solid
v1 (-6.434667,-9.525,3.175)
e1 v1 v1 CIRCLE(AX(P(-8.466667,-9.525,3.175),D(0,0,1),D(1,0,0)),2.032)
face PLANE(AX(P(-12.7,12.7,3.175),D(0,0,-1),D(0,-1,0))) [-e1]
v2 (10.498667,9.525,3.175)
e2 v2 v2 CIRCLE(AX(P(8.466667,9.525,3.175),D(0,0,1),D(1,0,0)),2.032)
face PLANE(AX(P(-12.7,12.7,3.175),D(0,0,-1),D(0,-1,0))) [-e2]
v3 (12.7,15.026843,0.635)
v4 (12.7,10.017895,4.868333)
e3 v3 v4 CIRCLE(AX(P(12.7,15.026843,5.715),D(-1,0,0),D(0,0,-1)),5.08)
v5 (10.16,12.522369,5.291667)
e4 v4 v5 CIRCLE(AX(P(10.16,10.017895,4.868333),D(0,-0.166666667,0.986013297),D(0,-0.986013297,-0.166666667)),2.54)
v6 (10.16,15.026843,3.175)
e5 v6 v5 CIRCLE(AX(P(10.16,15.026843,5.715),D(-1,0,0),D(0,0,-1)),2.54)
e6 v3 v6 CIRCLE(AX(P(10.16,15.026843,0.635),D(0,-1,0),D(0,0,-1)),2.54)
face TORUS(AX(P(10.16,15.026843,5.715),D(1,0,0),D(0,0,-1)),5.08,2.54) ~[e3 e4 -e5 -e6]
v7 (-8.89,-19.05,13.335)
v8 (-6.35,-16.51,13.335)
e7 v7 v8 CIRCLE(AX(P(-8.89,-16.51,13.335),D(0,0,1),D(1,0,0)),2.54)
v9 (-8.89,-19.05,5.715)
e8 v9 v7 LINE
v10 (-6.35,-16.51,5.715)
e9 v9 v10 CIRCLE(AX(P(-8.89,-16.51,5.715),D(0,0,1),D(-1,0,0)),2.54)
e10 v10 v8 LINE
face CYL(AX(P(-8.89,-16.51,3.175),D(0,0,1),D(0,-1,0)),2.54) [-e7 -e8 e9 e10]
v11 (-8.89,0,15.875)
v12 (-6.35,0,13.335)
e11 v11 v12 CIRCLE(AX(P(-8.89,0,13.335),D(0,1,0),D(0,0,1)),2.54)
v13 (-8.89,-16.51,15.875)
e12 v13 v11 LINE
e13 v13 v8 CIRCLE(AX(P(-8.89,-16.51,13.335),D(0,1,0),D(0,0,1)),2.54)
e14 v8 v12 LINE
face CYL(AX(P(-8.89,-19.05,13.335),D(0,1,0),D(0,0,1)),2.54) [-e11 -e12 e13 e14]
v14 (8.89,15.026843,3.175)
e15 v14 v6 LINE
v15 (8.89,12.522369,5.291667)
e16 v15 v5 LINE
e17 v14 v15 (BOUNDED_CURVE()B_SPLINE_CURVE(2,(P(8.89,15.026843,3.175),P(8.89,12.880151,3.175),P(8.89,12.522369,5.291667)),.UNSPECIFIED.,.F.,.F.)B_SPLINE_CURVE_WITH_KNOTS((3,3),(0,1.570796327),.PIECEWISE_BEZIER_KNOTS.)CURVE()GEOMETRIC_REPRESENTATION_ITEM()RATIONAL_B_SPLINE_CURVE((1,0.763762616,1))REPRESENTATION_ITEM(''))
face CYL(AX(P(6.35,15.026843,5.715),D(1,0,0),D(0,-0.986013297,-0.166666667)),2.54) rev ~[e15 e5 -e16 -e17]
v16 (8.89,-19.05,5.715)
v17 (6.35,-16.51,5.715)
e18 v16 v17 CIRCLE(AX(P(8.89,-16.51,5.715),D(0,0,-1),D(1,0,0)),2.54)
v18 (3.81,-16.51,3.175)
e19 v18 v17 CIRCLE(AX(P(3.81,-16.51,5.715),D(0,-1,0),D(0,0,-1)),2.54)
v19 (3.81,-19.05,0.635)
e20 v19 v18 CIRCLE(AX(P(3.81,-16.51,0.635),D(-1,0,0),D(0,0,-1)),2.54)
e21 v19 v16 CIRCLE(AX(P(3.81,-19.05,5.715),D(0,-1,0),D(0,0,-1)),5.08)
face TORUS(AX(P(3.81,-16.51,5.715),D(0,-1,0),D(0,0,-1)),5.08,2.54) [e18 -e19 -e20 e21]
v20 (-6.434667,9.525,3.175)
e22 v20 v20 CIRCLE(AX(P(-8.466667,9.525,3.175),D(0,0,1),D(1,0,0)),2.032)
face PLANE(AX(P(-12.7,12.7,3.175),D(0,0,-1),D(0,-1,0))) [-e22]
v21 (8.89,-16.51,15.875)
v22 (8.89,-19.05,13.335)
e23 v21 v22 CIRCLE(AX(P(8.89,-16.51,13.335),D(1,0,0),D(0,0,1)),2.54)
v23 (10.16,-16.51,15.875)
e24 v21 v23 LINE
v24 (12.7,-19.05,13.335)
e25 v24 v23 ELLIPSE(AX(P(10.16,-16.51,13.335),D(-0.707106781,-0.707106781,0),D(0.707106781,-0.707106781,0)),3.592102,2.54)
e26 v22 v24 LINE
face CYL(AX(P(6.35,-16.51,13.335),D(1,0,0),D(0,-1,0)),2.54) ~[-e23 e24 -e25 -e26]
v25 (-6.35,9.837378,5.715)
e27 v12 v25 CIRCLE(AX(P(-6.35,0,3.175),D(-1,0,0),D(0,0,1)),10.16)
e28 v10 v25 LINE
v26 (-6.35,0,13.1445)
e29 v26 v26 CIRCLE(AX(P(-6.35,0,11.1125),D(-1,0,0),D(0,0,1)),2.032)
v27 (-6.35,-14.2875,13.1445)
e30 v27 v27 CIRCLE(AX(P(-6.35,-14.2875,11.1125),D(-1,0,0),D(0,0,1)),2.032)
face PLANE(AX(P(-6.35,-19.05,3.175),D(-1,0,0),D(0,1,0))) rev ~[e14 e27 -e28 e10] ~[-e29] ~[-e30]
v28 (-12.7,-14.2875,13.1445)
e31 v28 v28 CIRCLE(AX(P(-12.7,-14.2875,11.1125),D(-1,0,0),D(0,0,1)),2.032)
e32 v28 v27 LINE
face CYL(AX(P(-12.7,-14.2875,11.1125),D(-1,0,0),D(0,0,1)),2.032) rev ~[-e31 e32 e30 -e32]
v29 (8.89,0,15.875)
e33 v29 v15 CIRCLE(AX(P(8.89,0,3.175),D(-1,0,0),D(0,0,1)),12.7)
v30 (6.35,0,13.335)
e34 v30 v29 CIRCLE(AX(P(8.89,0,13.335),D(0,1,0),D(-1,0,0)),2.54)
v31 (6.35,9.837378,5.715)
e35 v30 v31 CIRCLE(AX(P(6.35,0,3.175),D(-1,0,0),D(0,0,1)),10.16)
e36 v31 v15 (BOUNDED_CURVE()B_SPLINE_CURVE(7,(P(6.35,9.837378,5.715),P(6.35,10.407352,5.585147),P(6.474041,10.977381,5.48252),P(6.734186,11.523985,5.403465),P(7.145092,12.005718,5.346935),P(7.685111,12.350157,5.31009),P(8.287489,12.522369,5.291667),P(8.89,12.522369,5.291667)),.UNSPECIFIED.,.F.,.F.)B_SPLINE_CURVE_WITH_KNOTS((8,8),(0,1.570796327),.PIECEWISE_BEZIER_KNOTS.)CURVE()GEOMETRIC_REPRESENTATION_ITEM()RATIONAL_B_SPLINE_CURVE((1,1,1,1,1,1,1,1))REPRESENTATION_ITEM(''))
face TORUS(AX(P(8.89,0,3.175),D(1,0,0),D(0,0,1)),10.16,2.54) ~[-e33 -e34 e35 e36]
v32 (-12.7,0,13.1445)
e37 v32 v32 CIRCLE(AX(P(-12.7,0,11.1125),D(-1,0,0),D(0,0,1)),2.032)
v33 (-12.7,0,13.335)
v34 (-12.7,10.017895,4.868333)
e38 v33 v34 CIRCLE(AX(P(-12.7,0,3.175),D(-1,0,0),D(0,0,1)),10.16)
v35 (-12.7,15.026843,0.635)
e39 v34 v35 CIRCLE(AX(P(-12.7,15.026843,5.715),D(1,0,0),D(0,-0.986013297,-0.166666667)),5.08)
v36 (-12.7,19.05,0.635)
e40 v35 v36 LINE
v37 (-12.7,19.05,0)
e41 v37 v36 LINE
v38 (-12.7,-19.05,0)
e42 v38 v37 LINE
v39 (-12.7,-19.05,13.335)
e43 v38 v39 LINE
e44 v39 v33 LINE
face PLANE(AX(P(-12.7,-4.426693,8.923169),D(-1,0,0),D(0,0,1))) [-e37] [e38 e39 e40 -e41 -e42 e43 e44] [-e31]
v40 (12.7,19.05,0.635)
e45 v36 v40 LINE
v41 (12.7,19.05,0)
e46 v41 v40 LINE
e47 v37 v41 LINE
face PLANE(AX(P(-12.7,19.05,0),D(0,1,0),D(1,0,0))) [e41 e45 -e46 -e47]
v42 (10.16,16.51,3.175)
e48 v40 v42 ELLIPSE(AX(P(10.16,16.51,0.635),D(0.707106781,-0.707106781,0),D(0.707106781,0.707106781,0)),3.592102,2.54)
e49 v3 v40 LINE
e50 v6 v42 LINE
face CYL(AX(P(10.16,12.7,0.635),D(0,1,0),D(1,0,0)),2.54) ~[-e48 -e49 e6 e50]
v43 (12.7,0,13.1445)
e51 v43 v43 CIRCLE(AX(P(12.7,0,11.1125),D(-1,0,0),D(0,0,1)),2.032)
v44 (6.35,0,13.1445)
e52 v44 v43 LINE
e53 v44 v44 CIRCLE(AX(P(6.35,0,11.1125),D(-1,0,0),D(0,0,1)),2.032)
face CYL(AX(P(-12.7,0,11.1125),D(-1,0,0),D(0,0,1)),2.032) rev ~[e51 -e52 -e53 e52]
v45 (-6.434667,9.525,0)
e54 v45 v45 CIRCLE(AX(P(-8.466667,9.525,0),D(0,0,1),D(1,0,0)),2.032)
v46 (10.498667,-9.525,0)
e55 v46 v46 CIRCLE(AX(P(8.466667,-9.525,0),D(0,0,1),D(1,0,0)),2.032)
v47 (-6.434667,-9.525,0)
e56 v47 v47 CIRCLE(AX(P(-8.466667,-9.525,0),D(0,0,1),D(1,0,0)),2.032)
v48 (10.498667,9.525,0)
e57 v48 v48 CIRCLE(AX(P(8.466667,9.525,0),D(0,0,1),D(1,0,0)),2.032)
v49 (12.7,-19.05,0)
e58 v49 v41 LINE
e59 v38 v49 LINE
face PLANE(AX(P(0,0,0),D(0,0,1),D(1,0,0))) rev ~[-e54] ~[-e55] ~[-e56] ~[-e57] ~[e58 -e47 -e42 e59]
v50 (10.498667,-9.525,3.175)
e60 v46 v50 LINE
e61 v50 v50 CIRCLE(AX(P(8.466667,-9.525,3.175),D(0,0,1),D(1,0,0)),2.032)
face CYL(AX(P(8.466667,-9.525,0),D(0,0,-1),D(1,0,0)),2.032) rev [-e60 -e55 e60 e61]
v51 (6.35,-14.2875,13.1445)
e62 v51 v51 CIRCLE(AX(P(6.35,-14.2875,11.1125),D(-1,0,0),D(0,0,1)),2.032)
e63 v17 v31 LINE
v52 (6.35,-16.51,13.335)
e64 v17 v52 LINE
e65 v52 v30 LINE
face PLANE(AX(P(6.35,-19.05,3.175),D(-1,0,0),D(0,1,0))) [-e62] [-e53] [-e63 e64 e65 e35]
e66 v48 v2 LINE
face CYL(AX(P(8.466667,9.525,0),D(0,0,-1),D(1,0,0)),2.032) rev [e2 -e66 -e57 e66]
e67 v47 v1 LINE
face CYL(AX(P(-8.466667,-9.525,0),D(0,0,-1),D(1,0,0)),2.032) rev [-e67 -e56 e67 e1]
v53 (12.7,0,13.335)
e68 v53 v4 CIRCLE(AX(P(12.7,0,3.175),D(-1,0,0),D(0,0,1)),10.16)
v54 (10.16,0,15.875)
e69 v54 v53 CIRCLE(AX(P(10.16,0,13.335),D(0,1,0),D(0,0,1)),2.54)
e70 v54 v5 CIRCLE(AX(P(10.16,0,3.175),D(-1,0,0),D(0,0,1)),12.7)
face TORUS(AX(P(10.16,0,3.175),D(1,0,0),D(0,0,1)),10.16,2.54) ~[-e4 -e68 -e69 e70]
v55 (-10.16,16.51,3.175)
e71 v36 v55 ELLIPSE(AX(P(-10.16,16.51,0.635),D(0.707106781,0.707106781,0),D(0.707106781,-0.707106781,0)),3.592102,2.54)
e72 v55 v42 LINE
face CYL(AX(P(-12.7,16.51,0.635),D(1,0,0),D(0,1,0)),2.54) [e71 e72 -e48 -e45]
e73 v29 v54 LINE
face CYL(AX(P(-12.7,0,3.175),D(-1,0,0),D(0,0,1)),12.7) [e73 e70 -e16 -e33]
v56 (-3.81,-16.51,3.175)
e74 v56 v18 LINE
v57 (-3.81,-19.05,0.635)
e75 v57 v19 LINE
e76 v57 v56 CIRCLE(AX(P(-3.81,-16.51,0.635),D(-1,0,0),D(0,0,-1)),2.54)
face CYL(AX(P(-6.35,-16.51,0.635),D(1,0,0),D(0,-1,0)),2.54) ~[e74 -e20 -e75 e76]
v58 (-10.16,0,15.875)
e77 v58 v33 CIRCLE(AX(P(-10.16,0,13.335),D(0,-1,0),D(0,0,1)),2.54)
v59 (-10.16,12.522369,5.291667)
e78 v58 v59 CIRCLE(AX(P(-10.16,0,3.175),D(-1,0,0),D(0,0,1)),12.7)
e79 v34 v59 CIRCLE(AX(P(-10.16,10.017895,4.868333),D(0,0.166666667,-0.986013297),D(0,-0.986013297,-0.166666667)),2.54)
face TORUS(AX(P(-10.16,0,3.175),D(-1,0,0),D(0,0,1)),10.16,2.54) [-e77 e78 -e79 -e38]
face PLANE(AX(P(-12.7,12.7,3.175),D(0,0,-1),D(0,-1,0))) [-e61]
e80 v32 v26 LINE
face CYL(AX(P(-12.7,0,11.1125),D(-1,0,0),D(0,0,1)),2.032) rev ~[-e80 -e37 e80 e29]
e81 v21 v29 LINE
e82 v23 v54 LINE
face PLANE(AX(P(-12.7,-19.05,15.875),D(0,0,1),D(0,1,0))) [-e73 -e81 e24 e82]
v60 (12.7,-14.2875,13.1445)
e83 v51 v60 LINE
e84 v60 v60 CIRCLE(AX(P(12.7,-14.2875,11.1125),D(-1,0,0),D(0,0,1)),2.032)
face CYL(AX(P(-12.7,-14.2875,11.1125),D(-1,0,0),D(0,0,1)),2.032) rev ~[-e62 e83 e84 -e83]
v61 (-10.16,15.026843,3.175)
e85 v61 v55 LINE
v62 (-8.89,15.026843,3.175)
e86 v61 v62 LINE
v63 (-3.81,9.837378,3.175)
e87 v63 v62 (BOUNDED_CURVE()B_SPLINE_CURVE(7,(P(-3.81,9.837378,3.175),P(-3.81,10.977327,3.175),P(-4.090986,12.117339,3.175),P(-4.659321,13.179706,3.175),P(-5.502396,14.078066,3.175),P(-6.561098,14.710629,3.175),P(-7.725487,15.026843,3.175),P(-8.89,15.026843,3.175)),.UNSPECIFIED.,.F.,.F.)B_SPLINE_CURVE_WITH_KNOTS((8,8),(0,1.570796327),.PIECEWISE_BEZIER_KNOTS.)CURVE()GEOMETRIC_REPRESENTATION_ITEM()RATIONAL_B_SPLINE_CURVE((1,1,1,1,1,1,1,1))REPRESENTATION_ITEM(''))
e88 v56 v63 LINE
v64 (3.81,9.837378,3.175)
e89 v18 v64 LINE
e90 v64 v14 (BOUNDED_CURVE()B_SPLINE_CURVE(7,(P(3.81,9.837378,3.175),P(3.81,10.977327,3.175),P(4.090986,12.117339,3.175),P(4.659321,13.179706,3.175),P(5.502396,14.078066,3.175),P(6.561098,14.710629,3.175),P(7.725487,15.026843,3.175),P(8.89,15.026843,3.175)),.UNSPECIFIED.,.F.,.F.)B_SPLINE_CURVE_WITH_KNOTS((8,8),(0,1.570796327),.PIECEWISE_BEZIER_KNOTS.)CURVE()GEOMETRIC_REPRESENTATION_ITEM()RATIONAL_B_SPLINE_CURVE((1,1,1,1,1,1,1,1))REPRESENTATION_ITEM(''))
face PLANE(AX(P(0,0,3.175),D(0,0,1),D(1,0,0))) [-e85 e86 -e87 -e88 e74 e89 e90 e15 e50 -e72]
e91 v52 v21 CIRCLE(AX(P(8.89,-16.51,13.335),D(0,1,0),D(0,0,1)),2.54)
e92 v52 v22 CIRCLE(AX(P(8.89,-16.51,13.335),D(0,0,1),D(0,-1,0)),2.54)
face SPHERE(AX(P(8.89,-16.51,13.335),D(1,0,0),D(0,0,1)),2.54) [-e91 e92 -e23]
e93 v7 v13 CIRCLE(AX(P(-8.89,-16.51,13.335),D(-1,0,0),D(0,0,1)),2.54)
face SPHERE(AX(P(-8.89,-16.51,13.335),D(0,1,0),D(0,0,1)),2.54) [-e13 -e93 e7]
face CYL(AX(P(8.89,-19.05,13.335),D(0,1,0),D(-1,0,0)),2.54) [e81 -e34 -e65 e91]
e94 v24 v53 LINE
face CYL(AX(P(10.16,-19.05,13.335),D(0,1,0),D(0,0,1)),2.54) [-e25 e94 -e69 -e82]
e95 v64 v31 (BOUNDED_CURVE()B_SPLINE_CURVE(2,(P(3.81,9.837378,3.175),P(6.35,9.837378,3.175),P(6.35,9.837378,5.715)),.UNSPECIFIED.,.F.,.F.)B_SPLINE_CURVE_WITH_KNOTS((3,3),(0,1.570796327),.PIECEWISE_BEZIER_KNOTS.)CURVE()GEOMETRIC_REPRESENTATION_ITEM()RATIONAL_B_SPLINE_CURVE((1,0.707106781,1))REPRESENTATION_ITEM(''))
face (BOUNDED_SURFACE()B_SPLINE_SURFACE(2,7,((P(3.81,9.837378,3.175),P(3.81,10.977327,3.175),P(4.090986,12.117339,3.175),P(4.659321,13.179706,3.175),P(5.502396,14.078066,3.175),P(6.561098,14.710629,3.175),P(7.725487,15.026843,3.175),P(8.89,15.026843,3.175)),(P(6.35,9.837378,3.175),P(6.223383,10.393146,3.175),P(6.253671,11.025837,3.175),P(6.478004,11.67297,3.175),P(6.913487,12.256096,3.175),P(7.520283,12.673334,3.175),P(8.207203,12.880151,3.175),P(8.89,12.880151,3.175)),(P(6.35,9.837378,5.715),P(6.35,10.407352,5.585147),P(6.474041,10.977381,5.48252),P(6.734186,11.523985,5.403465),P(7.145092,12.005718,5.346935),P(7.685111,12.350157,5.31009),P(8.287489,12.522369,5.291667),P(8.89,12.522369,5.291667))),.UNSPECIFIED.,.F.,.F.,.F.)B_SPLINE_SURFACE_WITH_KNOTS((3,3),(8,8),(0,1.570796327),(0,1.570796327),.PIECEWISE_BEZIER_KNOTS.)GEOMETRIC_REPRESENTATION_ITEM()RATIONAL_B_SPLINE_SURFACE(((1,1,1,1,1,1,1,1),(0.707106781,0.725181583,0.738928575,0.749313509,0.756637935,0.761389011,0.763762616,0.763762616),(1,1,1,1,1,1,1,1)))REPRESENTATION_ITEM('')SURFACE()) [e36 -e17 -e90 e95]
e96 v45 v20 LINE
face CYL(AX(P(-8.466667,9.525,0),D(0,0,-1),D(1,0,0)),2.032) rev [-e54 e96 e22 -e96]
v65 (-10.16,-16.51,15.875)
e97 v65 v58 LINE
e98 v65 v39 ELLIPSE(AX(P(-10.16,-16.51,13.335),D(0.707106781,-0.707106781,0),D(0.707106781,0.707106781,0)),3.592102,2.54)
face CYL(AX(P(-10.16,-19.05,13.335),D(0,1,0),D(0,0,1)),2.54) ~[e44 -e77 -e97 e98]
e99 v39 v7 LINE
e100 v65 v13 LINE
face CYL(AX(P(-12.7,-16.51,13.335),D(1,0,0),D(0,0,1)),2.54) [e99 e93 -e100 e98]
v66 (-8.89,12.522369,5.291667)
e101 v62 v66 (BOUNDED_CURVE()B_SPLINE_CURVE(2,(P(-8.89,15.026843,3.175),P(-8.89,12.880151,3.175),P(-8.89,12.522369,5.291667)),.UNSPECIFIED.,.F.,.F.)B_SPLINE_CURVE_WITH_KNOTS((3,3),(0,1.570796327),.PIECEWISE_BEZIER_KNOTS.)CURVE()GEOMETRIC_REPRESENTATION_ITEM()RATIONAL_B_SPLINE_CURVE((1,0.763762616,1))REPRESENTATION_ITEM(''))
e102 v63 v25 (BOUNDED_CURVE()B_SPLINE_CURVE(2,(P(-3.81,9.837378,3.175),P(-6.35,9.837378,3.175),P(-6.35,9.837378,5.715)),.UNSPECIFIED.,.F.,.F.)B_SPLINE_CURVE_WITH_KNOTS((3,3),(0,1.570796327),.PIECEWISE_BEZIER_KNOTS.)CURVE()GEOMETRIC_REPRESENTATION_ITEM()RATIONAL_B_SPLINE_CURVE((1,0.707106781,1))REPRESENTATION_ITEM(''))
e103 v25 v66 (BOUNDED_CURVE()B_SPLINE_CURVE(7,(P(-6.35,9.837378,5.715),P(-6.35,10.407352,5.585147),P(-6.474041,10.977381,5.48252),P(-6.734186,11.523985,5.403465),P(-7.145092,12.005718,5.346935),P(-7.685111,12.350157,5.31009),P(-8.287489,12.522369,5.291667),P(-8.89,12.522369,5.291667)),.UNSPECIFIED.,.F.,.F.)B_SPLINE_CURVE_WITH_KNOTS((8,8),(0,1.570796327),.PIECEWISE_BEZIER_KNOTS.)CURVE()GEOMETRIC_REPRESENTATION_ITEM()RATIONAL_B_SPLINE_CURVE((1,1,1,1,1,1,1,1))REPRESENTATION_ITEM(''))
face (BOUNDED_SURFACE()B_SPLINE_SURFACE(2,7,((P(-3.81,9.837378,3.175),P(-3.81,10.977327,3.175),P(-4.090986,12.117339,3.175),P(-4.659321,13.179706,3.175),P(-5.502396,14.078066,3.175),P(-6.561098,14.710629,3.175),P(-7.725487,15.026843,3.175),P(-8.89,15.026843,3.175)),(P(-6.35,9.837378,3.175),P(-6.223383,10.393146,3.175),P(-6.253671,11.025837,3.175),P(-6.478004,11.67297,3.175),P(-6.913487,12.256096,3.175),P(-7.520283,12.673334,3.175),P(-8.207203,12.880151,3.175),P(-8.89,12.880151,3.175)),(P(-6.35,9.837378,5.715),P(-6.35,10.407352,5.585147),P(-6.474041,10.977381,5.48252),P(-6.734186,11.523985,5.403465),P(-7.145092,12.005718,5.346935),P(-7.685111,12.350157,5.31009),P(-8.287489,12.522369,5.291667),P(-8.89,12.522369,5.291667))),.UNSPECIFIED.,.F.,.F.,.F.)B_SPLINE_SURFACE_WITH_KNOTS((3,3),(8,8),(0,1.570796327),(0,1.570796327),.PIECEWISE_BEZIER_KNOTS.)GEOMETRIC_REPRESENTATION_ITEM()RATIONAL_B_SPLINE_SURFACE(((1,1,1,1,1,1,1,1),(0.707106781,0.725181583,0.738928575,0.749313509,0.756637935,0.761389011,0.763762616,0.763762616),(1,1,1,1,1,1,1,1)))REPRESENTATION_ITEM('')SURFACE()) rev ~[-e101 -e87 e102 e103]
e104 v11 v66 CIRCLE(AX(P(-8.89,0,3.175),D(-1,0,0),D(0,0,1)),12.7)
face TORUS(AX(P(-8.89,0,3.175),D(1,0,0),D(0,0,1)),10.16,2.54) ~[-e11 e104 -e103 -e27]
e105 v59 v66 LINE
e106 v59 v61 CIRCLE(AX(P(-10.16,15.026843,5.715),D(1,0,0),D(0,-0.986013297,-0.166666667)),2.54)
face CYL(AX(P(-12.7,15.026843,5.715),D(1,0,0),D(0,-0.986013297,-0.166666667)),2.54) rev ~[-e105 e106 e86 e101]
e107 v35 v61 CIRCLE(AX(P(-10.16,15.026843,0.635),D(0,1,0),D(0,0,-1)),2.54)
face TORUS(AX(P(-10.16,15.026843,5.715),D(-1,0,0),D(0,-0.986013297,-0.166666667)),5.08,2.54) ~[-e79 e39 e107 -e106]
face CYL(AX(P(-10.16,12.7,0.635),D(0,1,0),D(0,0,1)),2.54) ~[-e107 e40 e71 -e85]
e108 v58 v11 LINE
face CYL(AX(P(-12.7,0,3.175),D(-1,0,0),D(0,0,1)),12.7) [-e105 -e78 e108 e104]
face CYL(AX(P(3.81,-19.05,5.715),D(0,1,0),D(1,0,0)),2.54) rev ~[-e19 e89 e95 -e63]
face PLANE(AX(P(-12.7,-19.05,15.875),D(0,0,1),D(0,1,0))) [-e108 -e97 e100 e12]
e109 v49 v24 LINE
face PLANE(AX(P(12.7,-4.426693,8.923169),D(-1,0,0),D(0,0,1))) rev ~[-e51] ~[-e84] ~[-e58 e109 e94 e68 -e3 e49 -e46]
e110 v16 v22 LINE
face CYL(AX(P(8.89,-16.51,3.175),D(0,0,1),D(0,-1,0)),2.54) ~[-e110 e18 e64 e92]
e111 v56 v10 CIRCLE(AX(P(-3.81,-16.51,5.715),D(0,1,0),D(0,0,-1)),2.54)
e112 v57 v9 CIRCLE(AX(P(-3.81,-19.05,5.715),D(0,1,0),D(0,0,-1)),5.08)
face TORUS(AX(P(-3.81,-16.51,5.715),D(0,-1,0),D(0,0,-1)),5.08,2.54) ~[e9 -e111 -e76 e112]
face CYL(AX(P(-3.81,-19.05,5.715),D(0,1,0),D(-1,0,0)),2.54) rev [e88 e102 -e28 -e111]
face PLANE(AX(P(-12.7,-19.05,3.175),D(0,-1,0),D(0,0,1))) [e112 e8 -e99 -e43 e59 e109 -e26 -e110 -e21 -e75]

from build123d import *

# Parameters (mm, degrees)
SKETCH1_W           = 25.4
SKETCH1_H           = 38.1
SKETCH1_R           = 2.032
BOSS_EXTRUDE1_DEPTH = 3.175
SKETCH2_R           = 2.032
BOSS_EXTRUDE2_DEPTH = 25.4
SKETCH3_W           = 12.7
SKETCH3_H           = 31.75
SKETCH3_W_2         = 3.175
CUT_EXTRUDE1_DEPTH  = 27.181720723
FILLET1_R           = 2.54


with BuildPart() as part:
    # Sketch1 → Boss-Extrude1 (new body)
    with BuildSketch(Plane.XY):
        Rectangle(SKETCH1_W, SKETCH1_H)
        with Locations((-8.466666667, 9.525)):
            Circle(SKETCH1_R, mode=Mode.SUBTRACT)
        with Locations((8.466666667, 9.525)):
            Circle(SKETCH1_R, mode=Mode.SUBTRACT)
        with Locations((-8.466666667, -9.525)):
            Circle(SKETCH1_R, mode=Mode.SUBTRACT)
        with Locations((8.466666667, -9.525)):
            Circle(SKETCH1_R, mode=Mode.SUBTRACT)
    extrude(amount=BOSS_EXTRUDE1_DEPTH)

    # Sketch2 → Boss-Extrude2 (add)
    with BuildSketch(Plane.ZY.offset(12.7)):
        with BuildLine():
            ThreePointArc((15.875, 0), (12.155256121, 8.980256121), (3.175, 12.7))
            Line((3.175, 12.7), (3.175, -19.05))
            Line((3.175, -19.05), (15.875, -19.05))
            Line((15.875, -19.05), (15.875, 0))
        make_face()
        with Locations((11.1125, 0)):
            Circle(SKETCH2_R, mode=Mode.SUBTRACT)
        with Locations((11.1125, -14.2875)):
            Circle(SKETCH2_R, mode=Mode.SUBTRACT)
    extrude(amount=-BOSS_EXTRUDE2_DEPTH)

    # Sketch3 → Cut-Extrude1 (cut, through all)
    with BuildSketch(Plane.XY.offset(3.175)):
        with Locations((0, -3.175)):
            Rectangle(SKETCH3_W, SKETCH3_H)
        with Locations((-14.2875, -3.175)):
            Rectangle(SKETCH3_W_2, SKETCH3_H)
        with Locations((14.2875, -3.175)):
            Rectangle(SKETCH3_W_2, SKETCH3_H)
    extrude(amount=CUT_EXTRUDE1_DEPTH, mode=Mode.SUBTRACT)

    # Fillet1
    fillet1_edges = [part.edges().sort_by_distance(p)[0] for p in [
        (0, 19.05, 3.175),
        (12.7, 15.875, 3.175),
        (9.525, -19.05, 15.875),
        (12.7, -9.525, 15.875),
        (-12.7, -9.525, 15.875),
        (12.7, 8.980256121, 12.155256121),
        (9.525, 12.7, 3.175),
        (-12.7, 8.980256121, 12.155256121),
        (-12.7, 15.875, 3.175),
        (-9.525, 12.7, 3.175),
        (6.35, 8.980256121, 12.155256121),
        (-6.35, 8.980256121, 12.155256121),
        (-9.525, -19.05, 15.875),
        (-6.35, -3.175, 3.175),
        (6.35, -19.05, 9.525),
        (6.35, -3.175, 3.175),
        (6.35, -9.525, 15.875),
        (-6.35, -9.525, 15.875),
        (0, -19.05, 3.175),
        (-6.35, -19.05, 9.525),
    ]]
    fillet(fillet1_edges, radius=FILLET1_R)


solid = part.part
